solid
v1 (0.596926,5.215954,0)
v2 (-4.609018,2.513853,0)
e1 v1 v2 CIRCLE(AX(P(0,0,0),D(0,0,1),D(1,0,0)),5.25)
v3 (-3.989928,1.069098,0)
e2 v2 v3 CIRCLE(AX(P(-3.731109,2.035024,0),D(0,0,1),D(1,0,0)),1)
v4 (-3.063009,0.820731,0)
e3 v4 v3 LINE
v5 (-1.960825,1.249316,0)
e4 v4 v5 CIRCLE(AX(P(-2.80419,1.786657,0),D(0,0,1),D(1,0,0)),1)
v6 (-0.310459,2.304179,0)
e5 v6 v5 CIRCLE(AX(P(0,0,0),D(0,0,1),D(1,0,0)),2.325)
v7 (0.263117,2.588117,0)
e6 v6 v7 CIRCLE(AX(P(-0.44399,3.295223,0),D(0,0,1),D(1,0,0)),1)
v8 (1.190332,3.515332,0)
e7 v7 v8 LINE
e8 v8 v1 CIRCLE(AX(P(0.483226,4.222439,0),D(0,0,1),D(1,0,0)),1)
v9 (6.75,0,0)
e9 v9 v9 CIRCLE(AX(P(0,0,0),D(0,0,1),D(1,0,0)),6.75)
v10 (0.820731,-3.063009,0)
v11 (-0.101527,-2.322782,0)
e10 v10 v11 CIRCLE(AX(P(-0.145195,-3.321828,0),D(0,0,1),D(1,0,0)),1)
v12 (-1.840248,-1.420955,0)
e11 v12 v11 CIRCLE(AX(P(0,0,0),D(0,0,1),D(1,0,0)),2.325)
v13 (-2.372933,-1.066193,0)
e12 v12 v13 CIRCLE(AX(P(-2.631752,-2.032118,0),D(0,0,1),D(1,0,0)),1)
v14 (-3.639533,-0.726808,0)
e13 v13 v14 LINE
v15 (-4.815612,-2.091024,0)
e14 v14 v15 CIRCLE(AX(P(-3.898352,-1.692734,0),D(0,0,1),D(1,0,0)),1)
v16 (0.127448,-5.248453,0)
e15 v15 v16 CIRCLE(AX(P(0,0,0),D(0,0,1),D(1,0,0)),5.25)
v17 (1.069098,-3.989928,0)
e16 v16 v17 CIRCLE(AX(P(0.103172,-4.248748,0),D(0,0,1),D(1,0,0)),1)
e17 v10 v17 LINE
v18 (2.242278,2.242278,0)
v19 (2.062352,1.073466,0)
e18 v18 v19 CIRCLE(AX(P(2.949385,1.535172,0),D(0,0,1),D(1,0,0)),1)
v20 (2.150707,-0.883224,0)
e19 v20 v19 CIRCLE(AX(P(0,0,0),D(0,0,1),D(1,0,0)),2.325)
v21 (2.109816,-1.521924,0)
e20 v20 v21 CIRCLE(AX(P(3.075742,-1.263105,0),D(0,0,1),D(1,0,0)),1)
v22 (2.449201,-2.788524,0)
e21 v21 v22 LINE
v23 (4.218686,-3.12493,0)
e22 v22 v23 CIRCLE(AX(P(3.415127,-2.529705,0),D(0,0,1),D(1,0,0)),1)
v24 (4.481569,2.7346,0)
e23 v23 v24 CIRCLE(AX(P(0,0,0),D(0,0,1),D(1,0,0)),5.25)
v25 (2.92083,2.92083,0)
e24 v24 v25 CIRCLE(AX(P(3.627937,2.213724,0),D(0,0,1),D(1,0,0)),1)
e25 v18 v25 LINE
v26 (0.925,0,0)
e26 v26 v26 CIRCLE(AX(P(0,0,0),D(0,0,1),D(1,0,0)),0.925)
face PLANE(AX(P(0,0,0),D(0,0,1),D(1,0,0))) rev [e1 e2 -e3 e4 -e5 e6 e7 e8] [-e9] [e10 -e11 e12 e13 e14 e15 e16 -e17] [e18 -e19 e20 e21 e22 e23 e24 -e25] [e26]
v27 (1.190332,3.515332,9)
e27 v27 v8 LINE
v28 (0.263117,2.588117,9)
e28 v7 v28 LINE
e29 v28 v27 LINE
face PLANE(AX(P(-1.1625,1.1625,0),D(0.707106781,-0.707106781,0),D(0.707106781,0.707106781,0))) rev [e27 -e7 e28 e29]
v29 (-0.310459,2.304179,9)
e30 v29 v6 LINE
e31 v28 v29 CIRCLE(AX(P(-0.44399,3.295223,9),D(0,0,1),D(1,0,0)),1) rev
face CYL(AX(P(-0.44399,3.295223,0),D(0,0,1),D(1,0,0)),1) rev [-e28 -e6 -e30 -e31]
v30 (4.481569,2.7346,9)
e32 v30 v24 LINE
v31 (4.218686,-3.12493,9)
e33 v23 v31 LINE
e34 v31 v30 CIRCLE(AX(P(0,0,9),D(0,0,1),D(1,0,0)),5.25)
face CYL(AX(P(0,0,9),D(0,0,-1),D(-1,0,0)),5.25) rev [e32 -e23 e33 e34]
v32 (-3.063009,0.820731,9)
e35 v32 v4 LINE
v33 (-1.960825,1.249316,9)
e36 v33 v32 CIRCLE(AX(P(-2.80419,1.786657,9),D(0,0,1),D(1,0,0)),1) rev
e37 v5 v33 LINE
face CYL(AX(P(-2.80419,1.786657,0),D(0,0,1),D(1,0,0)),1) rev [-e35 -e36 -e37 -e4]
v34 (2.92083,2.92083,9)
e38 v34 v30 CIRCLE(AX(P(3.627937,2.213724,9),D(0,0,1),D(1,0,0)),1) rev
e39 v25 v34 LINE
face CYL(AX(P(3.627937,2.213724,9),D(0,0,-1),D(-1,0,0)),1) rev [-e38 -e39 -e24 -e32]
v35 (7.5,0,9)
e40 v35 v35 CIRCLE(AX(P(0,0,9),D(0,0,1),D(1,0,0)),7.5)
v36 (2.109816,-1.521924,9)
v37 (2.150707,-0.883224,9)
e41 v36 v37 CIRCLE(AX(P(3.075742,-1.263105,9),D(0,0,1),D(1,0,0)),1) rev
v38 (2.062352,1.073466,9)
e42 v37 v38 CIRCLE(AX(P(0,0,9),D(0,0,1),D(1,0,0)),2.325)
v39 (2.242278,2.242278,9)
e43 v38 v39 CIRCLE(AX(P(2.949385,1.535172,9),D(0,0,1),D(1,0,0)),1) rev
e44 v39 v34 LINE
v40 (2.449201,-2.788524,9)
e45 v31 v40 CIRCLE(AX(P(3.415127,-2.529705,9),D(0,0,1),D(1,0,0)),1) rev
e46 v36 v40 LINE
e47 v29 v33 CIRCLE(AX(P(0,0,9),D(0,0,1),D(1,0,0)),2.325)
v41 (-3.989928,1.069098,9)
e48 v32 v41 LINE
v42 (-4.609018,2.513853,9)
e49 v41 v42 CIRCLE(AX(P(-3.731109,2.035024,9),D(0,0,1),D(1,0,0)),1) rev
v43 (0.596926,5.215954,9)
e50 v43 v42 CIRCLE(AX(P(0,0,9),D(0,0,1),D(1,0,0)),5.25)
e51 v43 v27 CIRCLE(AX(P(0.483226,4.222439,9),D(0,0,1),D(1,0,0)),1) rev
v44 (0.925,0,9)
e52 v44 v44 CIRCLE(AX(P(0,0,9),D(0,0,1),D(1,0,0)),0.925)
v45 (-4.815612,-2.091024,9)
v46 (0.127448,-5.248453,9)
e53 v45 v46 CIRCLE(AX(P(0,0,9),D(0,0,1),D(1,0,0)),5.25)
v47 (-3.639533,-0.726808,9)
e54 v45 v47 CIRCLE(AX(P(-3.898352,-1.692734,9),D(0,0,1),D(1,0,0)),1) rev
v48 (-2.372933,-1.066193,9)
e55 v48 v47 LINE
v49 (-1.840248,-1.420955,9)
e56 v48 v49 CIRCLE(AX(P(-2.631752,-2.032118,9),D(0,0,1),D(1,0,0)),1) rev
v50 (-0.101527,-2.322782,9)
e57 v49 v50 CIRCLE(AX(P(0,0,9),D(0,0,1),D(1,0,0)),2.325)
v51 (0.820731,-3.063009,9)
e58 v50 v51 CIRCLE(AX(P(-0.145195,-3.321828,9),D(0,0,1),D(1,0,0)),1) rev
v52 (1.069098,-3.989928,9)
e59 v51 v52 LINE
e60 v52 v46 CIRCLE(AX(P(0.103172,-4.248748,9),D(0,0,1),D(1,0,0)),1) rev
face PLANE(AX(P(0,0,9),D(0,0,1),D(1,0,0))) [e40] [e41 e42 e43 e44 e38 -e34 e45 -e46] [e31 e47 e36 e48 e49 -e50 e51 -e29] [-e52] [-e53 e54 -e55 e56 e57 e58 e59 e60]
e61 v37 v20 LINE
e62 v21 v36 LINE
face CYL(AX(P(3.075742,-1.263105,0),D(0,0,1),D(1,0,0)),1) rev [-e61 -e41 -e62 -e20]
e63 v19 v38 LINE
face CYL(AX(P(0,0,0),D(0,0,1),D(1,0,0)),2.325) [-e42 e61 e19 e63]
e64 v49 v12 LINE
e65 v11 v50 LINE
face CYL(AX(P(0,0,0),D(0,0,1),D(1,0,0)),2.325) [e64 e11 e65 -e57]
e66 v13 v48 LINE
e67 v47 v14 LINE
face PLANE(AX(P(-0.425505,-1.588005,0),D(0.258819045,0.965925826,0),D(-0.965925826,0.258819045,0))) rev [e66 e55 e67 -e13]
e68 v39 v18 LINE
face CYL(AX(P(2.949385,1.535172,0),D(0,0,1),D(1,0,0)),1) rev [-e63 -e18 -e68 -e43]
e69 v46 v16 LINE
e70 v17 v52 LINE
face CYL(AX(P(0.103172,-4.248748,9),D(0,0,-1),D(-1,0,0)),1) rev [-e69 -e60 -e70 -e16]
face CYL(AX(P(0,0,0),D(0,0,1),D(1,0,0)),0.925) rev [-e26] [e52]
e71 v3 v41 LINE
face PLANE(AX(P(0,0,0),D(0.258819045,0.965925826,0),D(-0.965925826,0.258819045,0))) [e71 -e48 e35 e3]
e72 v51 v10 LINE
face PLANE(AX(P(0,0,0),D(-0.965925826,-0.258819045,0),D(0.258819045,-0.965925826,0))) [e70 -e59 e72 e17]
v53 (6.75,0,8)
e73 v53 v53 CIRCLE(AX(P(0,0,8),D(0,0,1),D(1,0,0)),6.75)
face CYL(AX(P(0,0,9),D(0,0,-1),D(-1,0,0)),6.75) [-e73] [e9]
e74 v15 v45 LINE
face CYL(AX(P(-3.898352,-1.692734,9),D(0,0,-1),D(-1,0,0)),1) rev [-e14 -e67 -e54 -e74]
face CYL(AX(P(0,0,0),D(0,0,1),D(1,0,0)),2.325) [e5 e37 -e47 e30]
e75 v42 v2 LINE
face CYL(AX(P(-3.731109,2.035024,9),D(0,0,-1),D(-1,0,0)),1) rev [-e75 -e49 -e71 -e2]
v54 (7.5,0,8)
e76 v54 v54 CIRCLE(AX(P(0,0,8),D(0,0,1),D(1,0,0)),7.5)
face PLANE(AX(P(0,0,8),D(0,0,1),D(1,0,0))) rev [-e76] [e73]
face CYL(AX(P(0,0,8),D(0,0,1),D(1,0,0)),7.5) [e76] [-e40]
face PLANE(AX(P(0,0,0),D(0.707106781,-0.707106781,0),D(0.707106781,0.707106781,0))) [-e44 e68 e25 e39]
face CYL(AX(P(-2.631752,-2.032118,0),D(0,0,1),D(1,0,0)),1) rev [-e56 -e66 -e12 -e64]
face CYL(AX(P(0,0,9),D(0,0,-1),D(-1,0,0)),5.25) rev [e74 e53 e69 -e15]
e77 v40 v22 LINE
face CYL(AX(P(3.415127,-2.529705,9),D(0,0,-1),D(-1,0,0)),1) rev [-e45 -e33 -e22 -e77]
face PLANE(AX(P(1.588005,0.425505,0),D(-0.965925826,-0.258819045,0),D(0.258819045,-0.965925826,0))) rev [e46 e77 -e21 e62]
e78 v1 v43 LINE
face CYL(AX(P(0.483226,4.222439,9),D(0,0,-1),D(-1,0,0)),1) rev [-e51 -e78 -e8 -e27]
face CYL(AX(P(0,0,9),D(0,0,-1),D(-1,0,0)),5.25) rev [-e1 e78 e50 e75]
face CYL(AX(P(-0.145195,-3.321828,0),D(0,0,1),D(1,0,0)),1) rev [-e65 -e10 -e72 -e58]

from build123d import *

# Parameters (mm, degrees)
SKETCH_1_R      = 6.75
SKETCH_1_R_2    = 5.25
EXTRUDE_1_DEPTH = 9
SKETCH_2_R      = 0.925
EXTRUDE_2_DEPTH = 9
FILLET_1_R      = 1
EXTRUDE_START   = -1
SKETCH_3_R      = 7.5
SKETCH_3_R_2    = 6.75
EXTRUDE_3_DEPTH = 1
FILLET_2_R      = 1


with BuildPart() as part:
    # 草图1 → 凸台-拉伸1 (new body)
    with BuildSketch(Plane.XY):
        Circle(SKETCH_1_R)
        Circle(SKETCH_1_R_2, mode=Mode.SUBTRACT)
    extrude(amount=EXTRUDE_1_DEPTH)

    # 草图2 → 凸台-拉伸2 (add)
    with BuildSketch(Plane.XY.offset(9)):
        with BuildLine():
            ThreePointArc((0, 2.325), (-1.415370322, 1.844546516), (-2.245777546, 0.60175428))
            Line((-2.245777546, 0.60175428), (-5.780506882, 1.548882151))
            Line((-5.780506882, 1.548882151), (-6.206011413, -0.039122381))
            Line((-6.206011413, -0.039122381), (-2.013509064, -1.1625))
            ThreePointArc((-2.013509064, -1.1625), (-0.88973898, -2.148019913), (0.60175428, -2.245777546))
            Line((0.60175428, -2.245777546), (1.548882151, -5.780506882))
            Line((1.548882151, -5.780506882), (3.136886683, -5.35500235))
            Line((3.136886683, -5.35500235), (2.013509064, -1.1625))
            ThreePointArc((2.013509064, -1.1625), (2.305109303, 0.303473397), (1.644023266, 1.644023266))
            Line((1.644023266, 1.644023266), (4.231624731, 4.231624731))
            Line((4.231624731, 4.231624731), (3.069124731, 5.394124731))
            Line((3.069124731, 5.394124731), (0, 2.325))
        make_face()
        Circle(SKETCH_2_R, mode=Mode.SUBTRACT)
    extrude(amount=-EXTRUDE_2_DEPTH)

    # 圆角1
    fillet_1_edges = [part.edges().sort_by_distance(p)[0] for p in [
        (0.60175428, -2.245777546, 4.5),
        (-2.013509064, -1.1625, 4.5),
        (-5.071110588, 1.358799987, 4.5),
        (-2.245777546, 0.60175428, 4.5),
        (0, 2.325, 4.5),
        (3.712310601, 3.712310601, 4.5),
        (1.644023266, 1.644023266, 4.5),
        (2.013509064, -1.1625, 4.5),
        (1.358799987, -5.071110588, 4.5),
    ]]
    fillet(fillet_1_edges, radius=FILLET_1_R)

    # 草图3 → 凸台-拉伸3 (add)
    with BuildSketch(Plane.XY.offset(9).offset(EXTRUDE_START)):
        Circle(SKETCH_3_R)
        Circle(SKETCH_3_R_2, mode=Mode.SUBTRACT)
    extrude(amount=EXTRUDE_3_DEPTH)

    # 圆角2
    fillet_2_edges = [part.edges().sort_by_distance(p)[0] for p in [
        (-5.241561446, -0.297545971, 4.5),
        (2.363098353, 4.688098353, 4.5),
        (2.878463093, -4.390552382, 4.5),
    ]]
    fillet(fillet_2_edges, radius=FILLET_2_R)


solid = part.part
